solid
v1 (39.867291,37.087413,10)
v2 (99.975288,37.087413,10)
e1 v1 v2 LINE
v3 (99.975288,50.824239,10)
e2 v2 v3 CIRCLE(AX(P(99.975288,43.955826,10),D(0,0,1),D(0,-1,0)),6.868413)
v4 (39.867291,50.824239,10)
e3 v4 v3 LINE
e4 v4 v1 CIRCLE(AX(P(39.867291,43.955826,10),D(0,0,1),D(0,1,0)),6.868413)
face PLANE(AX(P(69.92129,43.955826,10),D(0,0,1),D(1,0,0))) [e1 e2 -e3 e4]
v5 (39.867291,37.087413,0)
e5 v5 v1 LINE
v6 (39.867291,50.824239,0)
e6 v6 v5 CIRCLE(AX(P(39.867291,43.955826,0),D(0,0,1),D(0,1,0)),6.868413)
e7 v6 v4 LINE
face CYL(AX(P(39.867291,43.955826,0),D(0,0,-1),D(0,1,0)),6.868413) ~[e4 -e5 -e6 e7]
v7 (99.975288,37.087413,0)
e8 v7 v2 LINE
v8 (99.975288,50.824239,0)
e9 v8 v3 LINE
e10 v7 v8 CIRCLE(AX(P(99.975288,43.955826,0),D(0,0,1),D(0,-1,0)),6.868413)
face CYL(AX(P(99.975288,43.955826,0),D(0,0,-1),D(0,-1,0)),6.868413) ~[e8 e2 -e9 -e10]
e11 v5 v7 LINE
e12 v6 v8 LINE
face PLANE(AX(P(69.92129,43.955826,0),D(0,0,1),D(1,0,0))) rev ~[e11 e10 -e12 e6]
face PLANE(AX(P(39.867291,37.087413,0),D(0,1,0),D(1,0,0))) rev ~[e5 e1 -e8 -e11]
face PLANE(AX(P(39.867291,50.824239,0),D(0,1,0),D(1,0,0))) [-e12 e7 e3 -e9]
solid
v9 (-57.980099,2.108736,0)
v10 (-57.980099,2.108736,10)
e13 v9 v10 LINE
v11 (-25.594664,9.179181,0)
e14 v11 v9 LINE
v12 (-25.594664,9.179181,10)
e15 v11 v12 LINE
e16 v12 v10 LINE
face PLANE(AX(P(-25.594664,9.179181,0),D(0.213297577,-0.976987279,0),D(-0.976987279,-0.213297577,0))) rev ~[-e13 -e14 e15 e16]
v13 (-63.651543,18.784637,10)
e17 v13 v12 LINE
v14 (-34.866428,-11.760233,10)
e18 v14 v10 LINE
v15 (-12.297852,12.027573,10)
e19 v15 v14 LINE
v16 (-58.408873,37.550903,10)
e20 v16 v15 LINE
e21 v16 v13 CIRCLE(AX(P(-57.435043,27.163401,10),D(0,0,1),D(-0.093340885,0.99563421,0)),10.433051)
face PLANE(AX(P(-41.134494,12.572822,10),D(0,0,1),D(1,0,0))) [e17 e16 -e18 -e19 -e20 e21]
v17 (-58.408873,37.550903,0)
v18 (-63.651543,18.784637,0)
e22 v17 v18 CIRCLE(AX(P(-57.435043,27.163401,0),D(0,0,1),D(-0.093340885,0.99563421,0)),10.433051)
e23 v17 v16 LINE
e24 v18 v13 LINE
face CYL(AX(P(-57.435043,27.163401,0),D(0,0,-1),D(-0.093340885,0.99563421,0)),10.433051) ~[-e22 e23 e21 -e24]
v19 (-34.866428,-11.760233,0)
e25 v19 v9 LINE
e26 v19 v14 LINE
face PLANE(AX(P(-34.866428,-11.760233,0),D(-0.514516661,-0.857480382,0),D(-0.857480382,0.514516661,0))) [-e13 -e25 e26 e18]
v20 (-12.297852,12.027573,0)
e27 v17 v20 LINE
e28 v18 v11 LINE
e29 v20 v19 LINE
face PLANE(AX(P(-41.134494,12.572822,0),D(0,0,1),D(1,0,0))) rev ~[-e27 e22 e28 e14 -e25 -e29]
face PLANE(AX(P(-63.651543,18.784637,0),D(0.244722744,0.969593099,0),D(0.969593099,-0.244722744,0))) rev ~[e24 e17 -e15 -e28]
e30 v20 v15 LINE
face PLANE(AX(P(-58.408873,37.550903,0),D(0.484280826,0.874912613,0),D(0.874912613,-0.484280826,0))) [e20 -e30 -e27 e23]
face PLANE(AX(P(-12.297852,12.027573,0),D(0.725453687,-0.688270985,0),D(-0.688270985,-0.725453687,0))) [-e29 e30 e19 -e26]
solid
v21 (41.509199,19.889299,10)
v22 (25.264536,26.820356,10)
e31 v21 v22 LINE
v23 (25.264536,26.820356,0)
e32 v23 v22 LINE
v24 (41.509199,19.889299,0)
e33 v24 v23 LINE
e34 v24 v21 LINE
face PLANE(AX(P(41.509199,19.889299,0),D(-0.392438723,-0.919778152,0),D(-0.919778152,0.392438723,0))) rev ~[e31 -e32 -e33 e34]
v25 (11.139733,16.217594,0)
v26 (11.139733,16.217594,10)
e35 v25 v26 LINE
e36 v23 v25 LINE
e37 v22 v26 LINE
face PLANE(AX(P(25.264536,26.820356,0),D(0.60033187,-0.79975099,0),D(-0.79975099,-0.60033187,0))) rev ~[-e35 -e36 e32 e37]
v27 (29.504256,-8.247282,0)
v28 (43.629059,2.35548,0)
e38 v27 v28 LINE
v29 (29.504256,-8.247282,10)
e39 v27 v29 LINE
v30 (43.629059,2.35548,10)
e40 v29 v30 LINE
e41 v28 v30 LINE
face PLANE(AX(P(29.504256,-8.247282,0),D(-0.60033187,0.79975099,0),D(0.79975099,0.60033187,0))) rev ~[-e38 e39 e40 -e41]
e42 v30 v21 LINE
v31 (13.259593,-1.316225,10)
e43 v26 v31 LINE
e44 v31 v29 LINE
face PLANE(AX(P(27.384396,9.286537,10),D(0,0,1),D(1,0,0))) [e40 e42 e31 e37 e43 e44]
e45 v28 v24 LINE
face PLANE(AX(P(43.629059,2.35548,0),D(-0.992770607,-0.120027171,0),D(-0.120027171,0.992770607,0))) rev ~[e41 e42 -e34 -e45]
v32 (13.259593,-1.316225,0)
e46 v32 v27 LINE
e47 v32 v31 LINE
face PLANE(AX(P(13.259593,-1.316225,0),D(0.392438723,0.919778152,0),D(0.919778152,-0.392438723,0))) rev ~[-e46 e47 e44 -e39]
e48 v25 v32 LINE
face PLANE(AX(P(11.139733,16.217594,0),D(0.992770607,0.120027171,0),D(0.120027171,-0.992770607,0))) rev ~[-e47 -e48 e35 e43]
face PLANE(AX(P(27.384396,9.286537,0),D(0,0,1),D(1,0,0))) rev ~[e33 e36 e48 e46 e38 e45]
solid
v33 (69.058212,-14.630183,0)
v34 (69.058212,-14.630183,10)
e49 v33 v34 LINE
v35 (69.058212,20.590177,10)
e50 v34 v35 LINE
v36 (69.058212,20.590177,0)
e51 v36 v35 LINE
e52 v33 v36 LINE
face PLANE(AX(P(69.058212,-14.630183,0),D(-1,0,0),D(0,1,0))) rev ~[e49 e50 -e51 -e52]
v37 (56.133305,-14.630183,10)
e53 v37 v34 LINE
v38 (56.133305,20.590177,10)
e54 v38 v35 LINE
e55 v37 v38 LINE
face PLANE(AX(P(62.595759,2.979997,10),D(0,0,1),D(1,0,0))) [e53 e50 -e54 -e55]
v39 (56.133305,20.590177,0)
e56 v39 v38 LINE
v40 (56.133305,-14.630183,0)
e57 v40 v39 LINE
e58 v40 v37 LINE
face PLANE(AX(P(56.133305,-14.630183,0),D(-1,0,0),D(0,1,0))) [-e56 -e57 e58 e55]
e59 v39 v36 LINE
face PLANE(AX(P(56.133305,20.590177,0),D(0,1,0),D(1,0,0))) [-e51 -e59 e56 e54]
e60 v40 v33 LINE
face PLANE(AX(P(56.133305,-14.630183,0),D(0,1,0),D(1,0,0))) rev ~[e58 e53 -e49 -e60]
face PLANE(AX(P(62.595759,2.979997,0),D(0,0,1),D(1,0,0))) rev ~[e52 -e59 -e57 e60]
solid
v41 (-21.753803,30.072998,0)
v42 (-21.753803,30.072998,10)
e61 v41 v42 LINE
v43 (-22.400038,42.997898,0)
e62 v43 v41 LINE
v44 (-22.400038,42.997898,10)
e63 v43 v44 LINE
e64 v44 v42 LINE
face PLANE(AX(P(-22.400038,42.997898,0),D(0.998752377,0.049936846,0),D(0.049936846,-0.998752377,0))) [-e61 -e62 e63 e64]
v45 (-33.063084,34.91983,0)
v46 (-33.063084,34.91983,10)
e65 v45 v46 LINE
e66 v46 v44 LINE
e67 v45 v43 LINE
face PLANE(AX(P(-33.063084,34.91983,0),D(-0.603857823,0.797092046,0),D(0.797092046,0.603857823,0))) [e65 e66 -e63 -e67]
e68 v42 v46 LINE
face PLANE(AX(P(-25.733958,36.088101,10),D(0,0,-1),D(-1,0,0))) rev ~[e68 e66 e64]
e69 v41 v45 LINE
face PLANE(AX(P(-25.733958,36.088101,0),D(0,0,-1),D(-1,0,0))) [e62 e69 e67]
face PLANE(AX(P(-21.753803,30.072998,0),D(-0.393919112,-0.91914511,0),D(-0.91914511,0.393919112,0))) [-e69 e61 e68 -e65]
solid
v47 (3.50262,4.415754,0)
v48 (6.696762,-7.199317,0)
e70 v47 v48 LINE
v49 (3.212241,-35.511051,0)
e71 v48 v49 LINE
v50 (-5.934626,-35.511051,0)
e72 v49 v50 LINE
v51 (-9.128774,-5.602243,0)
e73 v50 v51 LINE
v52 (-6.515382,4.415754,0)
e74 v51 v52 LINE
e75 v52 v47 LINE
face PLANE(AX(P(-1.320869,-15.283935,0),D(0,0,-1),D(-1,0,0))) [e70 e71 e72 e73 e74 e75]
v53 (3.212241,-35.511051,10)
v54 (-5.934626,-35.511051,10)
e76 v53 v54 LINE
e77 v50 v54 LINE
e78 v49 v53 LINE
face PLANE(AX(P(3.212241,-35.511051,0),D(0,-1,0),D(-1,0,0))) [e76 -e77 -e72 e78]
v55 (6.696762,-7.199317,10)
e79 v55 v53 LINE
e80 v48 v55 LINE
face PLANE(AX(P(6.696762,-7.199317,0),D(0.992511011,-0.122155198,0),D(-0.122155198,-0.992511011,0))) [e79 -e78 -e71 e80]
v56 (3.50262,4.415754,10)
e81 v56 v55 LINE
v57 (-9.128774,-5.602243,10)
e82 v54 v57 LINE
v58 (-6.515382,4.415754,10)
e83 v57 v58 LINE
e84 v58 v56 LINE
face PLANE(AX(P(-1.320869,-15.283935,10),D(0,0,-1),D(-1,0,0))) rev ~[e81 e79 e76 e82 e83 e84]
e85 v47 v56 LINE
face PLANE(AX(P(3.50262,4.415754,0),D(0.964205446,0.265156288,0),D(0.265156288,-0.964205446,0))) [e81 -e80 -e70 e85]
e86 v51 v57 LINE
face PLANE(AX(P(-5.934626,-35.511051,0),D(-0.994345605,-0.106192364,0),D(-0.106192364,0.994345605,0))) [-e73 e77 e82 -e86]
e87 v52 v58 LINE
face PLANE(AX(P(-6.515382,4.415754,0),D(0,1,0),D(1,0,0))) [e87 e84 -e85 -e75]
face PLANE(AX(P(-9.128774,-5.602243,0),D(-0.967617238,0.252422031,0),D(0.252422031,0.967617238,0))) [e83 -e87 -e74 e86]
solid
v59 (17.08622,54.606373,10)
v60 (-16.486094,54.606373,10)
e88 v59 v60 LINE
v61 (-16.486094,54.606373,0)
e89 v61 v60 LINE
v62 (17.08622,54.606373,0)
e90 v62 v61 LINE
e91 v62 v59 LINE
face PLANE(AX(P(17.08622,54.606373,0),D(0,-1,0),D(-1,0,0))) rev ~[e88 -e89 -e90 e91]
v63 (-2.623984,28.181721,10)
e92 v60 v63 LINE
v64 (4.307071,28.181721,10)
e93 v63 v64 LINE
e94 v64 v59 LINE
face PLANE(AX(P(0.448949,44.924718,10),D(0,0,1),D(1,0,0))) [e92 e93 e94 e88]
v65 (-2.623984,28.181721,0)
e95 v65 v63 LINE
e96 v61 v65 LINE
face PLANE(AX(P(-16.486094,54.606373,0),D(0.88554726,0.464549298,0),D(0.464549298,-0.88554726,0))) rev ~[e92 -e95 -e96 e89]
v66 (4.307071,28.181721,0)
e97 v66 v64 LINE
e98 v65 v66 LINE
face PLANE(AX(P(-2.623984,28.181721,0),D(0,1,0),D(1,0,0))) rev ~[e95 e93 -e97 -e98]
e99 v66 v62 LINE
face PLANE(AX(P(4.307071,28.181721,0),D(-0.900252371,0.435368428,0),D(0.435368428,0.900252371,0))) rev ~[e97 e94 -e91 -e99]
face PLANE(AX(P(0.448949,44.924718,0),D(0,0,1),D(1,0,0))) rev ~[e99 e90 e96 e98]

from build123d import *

# Parameters (mm, degrees)
PAD_DEPTH    = 10
PAD001_DEPTH = 10
PAD002_DEPTH = 10
PAD004_DEPTH = 10
PAD003_DEPTH = 10
SKETCH005_W  = 12.924907
SKETCH005_H  = 35.220361
PAD005_DEPTH = 10
PAD006_DEPTH = 10


with BuildPart() as body:
    # Sketch → Pad (new body)
    with BuildSketch(Plane.XY):
        with BuildLine():
            ThreePointArc((-58.408873, 37.550903), (-67.483346, 29.970562), (-63.651543, 18.784637))
            Line((-63.651543, 18.784637), (-25.594664, 9.179181))
            Line((-25.594664, 9.179181), (-57.980099, 2.108736))
            Line((-34.866428, -11.760233), (-57.980099, 2.108736))
            Line((-12.297852, 12.027573), (-34.866428, -11.760233))
            Line((-58.408873, 37.550903), (-12.297852, 12.027573))
        make_face()
    extrude(amount=PAD_DEPTH)


with BuildPart() as body001:
    # Sketch001 → Pad001 (new body)
    with BuildSketch(Plane.XY):
        Polygon((43.629059, 2.35548), (41.509199, 19.889299), (25.264536, 26.820356), (11.139733, 16.217594), (13.259593, -1.316225), (29.504256, -8.247282), align=None)
    extrude(amount=PAD001_DEPTH)


with BuildPart() as body002:
    # Sketch002 → Pad002 (new body)
    with BuildSketch(Plane.XY):
        Polygon((-16.486094, 54.606373), (-2.623984, 28.181721), (4.307071, 28.181721), (17.08622, 54.606373), align=None)
    extrude(amount=PAD002_DEPTH)


with BuildPart() as body003:
    # Sketch004 → Pad004 (new body)
    with BuildSketch(Plane.XY):
        Polygon((-6.515382, 4.415754), (3.50262, 4.415754), (6.696762, -7.199317), (3.212241, -35.511051), (-5.934626, -35.511051), (-9.128774, -5.602243), align=None)
    extrude(amount=PAD004_DEPTH)


with BuildPart() as body004:
    # Sketch003 → Pad003 (new body)
    with BuildSketch(Plane.XY):
        with BuildLine():
            ThreePointArc((39.867291, 50.824239), (32.998878, 43.955826), (39.867291, 37.087413))
            Line((39.867291, 37.087413), (99.975288, 37.087413))
            ThreePointArc((99.975288, 37.087413), (106.843701, 43.955826), (99.975288, 50.824239))
            Line((39.867291, 50.824239), (99.975288, 50.824239))
        make_face()
    extrude(amount=PAD003_DEPTH)


with BuildPart() as body005:
    # Sketch005 → Pad005 (new body)
    with BuildSketch(Plane.XY):
        with Locations((62.595759, 2.979997)):
            Rectangle(SKETCH005_W, SKETCH005_H)
    extrude(amount=PAD005_DEPTH)


with BuildPart() as body006:
    # Sketch006 → Pad006 (new body)
    with BuildSketch(Plane.XY):
        Polygon((-33.063084, 34.91983), (-22.400038, 42.997898), (-21.753803, 30.072998), align=None)
    extrude(amount=PAD006_DEPTH)


solid = Compound([body.part, body001.part, body002.part, body003.part, body004.part, body005.part, body006.part])
